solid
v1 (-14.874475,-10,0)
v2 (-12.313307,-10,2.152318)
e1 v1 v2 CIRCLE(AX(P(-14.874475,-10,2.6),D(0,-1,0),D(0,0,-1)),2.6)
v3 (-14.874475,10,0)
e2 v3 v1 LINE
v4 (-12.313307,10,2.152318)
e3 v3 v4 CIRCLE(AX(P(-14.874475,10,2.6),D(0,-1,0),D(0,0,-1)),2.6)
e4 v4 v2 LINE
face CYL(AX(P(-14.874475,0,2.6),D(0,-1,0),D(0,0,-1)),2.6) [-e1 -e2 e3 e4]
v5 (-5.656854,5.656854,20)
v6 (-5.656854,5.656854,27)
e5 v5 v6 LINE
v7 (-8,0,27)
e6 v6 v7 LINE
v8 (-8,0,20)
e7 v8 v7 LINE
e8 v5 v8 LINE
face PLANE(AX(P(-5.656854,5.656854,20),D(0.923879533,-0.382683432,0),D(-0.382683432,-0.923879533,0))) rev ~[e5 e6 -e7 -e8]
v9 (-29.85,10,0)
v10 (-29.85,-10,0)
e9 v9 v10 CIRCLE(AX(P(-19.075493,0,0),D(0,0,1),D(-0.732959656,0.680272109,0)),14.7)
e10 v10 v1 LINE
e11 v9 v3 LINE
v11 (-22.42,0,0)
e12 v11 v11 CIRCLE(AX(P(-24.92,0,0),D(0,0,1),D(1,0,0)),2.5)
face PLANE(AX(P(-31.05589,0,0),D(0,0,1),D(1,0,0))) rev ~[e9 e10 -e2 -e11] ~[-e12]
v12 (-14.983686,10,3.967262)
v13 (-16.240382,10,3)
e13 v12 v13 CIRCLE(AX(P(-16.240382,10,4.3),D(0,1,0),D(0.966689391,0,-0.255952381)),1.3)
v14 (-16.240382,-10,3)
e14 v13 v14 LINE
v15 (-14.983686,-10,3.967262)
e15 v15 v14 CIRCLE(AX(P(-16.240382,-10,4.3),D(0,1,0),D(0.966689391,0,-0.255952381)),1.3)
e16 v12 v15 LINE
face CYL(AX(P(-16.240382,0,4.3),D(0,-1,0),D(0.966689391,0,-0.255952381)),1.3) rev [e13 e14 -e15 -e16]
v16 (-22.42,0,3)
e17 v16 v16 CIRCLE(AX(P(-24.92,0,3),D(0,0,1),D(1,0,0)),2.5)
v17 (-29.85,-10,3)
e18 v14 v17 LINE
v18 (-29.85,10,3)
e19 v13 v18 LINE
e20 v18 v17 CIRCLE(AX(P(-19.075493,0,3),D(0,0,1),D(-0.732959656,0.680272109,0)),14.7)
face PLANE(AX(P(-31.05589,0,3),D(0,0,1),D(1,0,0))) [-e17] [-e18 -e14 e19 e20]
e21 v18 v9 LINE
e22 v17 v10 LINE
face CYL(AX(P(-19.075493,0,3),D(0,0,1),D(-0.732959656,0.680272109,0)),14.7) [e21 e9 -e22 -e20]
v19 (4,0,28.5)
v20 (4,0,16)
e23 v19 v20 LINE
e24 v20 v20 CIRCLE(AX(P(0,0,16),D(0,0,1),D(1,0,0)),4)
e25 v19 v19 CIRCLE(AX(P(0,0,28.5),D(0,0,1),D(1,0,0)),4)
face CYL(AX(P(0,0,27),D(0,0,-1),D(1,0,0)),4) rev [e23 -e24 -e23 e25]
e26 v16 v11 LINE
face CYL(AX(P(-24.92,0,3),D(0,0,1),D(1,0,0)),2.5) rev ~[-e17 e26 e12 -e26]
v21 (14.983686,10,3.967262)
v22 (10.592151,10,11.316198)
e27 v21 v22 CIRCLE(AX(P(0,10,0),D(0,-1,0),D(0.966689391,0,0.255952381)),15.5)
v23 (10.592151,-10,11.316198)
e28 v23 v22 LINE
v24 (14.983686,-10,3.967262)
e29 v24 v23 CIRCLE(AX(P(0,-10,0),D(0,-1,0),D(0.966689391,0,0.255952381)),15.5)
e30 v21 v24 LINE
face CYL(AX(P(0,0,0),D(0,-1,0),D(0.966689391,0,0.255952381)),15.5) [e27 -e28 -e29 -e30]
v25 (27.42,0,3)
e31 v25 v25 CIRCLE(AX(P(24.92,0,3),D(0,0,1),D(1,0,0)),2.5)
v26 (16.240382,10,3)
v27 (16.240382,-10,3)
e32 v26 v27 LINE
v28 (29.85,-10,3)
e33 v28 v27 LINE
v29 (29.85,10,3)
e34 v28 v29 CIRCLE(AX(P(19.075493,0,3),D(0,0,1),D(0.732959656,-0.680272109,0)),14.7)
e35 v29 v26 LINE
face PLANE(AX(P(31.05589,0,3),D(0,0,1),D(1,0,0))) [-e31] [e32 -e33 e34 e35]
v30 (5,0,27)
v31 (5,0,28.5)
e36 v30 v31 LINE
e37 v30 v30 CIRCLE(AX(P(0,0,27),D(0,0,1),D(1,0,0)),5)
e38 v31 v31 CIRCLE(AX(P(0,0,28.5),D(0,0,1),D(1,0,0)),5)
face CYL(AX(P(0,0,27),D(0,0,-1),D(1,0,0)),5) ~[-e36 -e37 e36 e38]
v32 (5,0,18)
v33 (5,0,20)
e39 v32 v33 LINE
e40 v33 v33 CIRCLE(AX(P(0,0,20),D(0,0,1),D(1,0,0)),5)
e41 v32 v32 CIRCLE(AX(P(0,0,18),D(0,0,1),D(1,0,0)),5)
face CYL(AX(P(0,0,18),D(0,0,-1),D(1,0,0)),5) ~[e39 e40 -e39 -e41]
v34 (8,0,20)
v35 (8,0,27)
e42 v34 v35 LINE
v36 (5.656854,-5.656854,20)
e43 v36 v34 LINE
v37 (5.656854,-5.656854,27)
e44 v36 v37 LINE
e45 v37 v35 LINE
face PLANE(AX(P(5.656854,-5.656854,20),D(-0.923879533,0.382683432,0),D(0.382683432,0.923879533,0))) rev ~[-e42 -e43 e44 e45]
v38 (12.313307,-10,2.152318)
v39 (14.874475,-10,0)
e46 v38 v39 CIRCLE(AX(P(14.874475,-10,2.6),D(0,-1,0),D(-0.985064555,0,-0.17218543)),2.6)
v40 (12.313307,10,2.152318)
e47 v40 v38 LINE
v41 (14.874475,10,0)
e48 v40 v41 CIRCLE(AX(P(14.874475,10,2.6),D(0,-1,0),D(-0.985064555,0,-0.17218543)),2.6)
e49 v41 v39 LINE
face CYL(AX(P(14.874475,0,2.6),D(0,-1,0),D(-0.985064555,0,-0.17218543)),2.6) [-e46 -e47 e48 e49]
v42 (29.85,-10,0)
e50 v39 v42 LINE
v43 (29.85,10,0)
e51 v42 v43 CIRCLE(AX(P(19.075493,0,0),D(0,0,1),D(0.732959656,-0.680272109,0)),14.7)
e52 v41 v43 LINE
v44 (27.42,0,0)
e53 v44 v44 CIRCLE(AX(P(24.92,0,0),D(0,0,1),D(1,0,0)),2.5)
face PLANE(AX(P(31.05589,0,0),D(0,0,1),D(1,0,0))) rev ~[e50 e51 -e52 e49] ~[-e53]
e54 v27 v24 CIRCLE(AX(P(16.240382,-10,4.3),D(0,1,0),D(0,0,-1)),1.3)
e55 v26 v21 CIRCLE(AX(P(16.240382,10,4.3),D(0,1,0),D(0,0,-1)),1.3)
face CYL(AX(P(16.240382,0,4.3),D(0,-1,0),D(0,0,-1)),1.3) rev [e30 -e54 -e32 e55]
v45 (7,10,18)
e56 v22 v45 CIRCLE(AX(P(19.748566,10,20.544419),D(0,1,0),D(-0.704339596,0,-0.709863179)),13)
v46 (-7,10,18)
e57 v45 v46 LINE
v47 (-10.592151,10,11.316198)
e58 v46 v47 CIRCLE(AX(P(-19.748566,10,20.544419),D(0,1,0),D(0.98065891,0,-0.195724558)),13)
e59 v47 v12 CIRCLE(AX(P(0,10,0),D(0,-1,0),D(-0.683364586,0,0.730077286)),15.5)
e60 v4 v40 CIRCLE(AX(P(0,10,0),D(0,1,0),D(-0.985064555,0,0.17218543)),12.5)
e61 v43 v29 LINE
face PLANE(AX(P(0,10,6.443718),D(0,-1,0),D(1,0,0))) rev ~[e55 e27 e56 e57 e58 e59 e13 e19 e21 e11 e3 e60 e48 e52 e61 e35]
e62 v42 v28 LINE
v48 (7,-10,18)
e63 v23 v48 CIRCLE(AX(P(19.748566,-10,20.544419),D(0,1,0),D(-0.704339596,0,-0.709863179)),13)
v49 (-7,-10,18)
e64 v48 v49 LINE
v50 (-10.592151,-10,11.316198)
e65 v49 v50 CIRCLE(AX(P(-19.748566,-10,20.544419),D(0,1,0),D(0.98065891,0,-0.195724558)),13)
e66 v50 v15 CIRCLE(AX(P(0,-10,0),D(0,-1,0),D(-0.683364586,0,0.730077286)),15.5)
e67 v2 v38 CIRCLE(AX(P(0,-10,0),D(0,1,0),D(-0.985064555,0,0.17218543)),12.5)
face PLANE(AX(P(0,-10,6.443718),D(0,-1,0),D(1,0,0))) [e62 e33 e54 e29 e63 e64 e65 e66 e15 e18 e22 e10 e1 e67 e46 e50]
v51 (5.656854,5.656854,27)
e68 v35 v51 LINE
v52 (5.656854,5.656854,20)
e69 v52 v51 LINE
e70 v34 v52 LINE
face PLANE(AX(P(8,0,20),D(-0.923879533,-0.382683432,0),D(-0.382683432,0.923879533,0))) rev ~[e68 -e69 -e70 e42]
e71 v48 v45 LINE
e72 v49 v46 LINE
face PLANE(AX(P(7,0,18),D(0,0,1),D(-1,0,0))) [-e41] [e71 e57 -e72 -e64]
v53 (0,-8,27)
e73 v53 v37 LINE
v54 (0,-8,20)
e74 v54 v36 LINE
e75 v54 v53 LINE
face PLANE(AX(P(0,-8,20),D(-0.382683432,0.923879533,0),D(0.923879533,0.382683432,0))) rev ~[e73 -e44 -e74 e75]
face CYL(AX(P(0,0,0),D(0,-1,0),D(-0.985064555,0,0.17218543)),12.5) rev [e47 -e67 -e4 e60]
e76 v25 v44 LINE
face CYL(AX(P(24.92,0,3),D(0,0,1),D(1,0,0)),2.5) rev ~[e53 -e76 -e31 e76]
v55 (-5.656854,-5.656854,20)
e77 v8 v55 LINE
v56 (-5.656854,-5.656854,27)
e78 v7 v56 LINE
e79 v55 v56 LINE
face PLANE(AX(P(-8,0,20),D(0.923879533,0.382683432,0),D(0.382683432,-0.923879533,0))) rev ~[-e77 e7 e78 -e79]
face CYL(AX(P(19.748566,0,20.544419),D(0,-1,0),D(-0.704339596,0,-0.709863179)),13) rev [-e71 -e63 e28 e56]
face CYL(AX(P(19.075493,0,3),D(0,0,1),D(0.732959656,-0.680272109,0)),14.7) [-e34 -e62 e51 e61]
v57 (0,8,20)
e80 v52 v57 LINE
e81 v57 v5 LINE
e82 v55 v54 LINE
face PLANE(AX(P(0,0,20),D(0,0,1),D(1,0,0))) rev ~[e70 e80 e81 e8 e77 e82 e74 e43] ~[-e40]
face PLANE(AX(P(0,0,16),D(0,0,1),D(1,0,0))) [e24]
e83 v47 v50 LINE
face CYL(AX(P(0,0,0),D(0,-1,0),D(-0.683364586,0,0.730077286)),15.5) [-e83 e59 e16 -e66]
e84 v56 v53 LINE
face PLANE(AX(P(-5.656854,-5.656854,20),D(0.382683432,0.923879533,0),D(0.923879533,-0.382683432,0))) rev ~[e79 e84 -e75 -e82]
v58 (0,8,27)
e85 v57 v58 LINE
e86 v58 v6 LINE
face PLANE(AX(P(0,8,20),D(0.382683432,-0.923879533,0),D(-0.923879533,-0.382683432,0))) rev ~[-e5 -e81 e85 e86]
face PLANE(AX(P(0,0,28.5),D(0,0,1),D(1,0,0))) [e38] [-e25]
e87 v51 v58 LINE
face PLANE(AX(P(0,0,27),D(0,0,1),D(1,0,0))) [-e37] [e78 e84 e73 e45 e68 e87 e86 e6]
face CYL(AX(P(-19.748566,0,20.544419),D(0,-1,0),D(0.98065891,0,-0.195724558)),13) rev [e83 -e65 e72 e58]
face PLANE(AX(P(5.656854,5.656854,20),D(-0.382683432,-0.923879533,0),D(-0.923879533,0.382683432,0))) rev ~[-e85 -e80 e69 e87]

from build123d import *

# Parameters (mm, degrees)
F1_DEPTH  = 10
F2_R      = 2.5
F3_DEPTH  = 25
F5_DEPTH  = 3
F7_DEPTH  = 3
F8_R      = 5
F9_DEPTH  = 2
F11_DEPTH = 7
F12_R     = 5
F12_R_2   = 4
F13_DEPTH = 1.5
F14_DEPTH = 11


with BuildPart() as f1:
    # F0 (on Front) → F1 (new body, symmetric)
    with BuildSketch(Plane.XZ):
        with BuildLine():
            ThreePointArc((-7, 18), (-8.2975682269, 14.3901805601), (-10.5921510788, 11.3161979271))
            ThreePointArc((-10.5921510788, 11.3161979271), (-13.3053586993, 7.950938931), (-14.9836855606, 3.9672619048))
            ThreePointArc((-14.9836855606, 3.9672619048), (-15.4474629596, 3.2698156661), (-16.2403817689, 3))
            Line((-16.2403817689, 3), (-29.85, 3))
            Line((-29.85, 3), (-29.85, 0))
            Line((-29.85, 0), (-14.8744747806, 0))
            ThreePointArc((-14.8744747806, 0), (-13.2017484895, 0.6095259974), (-12.3133069376, 2.1523178808))
            ThreePointArc((-12.3133069376, 2.1523178808), (0, 12.5), (12.3133069376, 2.1523178808))
            ThreePointArc((12.3133069376, 2.1523178808), (13.2017484895, 0.6095259974), (14.8744747806, 0))
            Line((14.8744747806, 0), (29.85, 0))
            Line((29.85, 0), (29.85, 3))
            Line((29.85, 3), (16.2403817689, 3))
            ThreePointArc((16.2403817689, 3), (15.4474629596, 3.2698156661), (14.9836855606, 3.9672619048))
            ThreePointArc((14.9836855606, 3.9672619048), (13.3053586993, 7.950938931), (10.5921510788, 11.3161979271))
            ThreePointArc((10.5921510788, 11.3161979271), (8.2975682269, 14.3901805601), (7, 18))
            Line((7, 18), (-7, 18))
        make_face()
    extrude(amount=F1_DEPTH, both=True)

    # F2 (on face) → F3 (cut)
    with BuildSketch(Plane.XY.offset(3)):
        with Locations((-24.92, 0)):
            Circle(F2_R)
        with Locations((24.92, 0)):
            Circle(F2_R)
    extrude(amount=-F3_DEPTH, mode=Mode.SUBTRACT)

    # F4 (on face) → F5 (join, through all)
    with BuildSketch(Plane.XY.offset(3)):
        with BuildLine():
            Line((-29.85, -10), (-29.85, 10))
            ThreePointArc((-29.85, 10), (-33.7754930507, 0), (-29.85, -10))
        make_face()
    extrude(amount=-F5_DEPTH)

    # F6 (on face) → F7 (join, through all)
    with BuildSketch(Plane.XY.offset(3)):
        with BuildLine():
            Line((29.85, 10), (29.85, -10))
            ThreePointArc((29.85, -10), (33.7754930507, 0), (29.85, 10))
        make_face()
    extrude(amount=-F7_DEPTH)

    # F8 (on face) → F9 (join)
    with BuildSketch(Plane.XY.offset(18)):
        Circle(F8_R)
    extrude(amount=F9_DEPTH)

    # F10 (on face) → F11 (join)
    with BuildSketch(Plane.XY.offset(20)):
        Polygon((-5.6568542495, -5.6568542495), (0, -8), (5.6568542495, -5.6568542495), (8, 0), (5.6568542495, 5.6568542495), (0, 8), (-5.6568542495, 5.6568542495), (-8, 0), align=None)
    extrude(amount=F11_DEPTH)

    # F12 (on face) → F13 (join)
    with BuildSketch(Plane.XY.offset(27)):
        Circle(F12_R)
        Circle(F12_R_2, mode=Mode.SUBTRACT)
    extrude(amount=F13_DEPTH)

    # F14 (cut): a face of the model
    f14_faces = [f1.faces().sort_by_distance(p)[0] for p in [
        (0, 0, 27),
    ]]
    extrude(f14_faces, amount=-F14_DEPTH, mode=Mode.SUBTRACT)


solid = f1.part
